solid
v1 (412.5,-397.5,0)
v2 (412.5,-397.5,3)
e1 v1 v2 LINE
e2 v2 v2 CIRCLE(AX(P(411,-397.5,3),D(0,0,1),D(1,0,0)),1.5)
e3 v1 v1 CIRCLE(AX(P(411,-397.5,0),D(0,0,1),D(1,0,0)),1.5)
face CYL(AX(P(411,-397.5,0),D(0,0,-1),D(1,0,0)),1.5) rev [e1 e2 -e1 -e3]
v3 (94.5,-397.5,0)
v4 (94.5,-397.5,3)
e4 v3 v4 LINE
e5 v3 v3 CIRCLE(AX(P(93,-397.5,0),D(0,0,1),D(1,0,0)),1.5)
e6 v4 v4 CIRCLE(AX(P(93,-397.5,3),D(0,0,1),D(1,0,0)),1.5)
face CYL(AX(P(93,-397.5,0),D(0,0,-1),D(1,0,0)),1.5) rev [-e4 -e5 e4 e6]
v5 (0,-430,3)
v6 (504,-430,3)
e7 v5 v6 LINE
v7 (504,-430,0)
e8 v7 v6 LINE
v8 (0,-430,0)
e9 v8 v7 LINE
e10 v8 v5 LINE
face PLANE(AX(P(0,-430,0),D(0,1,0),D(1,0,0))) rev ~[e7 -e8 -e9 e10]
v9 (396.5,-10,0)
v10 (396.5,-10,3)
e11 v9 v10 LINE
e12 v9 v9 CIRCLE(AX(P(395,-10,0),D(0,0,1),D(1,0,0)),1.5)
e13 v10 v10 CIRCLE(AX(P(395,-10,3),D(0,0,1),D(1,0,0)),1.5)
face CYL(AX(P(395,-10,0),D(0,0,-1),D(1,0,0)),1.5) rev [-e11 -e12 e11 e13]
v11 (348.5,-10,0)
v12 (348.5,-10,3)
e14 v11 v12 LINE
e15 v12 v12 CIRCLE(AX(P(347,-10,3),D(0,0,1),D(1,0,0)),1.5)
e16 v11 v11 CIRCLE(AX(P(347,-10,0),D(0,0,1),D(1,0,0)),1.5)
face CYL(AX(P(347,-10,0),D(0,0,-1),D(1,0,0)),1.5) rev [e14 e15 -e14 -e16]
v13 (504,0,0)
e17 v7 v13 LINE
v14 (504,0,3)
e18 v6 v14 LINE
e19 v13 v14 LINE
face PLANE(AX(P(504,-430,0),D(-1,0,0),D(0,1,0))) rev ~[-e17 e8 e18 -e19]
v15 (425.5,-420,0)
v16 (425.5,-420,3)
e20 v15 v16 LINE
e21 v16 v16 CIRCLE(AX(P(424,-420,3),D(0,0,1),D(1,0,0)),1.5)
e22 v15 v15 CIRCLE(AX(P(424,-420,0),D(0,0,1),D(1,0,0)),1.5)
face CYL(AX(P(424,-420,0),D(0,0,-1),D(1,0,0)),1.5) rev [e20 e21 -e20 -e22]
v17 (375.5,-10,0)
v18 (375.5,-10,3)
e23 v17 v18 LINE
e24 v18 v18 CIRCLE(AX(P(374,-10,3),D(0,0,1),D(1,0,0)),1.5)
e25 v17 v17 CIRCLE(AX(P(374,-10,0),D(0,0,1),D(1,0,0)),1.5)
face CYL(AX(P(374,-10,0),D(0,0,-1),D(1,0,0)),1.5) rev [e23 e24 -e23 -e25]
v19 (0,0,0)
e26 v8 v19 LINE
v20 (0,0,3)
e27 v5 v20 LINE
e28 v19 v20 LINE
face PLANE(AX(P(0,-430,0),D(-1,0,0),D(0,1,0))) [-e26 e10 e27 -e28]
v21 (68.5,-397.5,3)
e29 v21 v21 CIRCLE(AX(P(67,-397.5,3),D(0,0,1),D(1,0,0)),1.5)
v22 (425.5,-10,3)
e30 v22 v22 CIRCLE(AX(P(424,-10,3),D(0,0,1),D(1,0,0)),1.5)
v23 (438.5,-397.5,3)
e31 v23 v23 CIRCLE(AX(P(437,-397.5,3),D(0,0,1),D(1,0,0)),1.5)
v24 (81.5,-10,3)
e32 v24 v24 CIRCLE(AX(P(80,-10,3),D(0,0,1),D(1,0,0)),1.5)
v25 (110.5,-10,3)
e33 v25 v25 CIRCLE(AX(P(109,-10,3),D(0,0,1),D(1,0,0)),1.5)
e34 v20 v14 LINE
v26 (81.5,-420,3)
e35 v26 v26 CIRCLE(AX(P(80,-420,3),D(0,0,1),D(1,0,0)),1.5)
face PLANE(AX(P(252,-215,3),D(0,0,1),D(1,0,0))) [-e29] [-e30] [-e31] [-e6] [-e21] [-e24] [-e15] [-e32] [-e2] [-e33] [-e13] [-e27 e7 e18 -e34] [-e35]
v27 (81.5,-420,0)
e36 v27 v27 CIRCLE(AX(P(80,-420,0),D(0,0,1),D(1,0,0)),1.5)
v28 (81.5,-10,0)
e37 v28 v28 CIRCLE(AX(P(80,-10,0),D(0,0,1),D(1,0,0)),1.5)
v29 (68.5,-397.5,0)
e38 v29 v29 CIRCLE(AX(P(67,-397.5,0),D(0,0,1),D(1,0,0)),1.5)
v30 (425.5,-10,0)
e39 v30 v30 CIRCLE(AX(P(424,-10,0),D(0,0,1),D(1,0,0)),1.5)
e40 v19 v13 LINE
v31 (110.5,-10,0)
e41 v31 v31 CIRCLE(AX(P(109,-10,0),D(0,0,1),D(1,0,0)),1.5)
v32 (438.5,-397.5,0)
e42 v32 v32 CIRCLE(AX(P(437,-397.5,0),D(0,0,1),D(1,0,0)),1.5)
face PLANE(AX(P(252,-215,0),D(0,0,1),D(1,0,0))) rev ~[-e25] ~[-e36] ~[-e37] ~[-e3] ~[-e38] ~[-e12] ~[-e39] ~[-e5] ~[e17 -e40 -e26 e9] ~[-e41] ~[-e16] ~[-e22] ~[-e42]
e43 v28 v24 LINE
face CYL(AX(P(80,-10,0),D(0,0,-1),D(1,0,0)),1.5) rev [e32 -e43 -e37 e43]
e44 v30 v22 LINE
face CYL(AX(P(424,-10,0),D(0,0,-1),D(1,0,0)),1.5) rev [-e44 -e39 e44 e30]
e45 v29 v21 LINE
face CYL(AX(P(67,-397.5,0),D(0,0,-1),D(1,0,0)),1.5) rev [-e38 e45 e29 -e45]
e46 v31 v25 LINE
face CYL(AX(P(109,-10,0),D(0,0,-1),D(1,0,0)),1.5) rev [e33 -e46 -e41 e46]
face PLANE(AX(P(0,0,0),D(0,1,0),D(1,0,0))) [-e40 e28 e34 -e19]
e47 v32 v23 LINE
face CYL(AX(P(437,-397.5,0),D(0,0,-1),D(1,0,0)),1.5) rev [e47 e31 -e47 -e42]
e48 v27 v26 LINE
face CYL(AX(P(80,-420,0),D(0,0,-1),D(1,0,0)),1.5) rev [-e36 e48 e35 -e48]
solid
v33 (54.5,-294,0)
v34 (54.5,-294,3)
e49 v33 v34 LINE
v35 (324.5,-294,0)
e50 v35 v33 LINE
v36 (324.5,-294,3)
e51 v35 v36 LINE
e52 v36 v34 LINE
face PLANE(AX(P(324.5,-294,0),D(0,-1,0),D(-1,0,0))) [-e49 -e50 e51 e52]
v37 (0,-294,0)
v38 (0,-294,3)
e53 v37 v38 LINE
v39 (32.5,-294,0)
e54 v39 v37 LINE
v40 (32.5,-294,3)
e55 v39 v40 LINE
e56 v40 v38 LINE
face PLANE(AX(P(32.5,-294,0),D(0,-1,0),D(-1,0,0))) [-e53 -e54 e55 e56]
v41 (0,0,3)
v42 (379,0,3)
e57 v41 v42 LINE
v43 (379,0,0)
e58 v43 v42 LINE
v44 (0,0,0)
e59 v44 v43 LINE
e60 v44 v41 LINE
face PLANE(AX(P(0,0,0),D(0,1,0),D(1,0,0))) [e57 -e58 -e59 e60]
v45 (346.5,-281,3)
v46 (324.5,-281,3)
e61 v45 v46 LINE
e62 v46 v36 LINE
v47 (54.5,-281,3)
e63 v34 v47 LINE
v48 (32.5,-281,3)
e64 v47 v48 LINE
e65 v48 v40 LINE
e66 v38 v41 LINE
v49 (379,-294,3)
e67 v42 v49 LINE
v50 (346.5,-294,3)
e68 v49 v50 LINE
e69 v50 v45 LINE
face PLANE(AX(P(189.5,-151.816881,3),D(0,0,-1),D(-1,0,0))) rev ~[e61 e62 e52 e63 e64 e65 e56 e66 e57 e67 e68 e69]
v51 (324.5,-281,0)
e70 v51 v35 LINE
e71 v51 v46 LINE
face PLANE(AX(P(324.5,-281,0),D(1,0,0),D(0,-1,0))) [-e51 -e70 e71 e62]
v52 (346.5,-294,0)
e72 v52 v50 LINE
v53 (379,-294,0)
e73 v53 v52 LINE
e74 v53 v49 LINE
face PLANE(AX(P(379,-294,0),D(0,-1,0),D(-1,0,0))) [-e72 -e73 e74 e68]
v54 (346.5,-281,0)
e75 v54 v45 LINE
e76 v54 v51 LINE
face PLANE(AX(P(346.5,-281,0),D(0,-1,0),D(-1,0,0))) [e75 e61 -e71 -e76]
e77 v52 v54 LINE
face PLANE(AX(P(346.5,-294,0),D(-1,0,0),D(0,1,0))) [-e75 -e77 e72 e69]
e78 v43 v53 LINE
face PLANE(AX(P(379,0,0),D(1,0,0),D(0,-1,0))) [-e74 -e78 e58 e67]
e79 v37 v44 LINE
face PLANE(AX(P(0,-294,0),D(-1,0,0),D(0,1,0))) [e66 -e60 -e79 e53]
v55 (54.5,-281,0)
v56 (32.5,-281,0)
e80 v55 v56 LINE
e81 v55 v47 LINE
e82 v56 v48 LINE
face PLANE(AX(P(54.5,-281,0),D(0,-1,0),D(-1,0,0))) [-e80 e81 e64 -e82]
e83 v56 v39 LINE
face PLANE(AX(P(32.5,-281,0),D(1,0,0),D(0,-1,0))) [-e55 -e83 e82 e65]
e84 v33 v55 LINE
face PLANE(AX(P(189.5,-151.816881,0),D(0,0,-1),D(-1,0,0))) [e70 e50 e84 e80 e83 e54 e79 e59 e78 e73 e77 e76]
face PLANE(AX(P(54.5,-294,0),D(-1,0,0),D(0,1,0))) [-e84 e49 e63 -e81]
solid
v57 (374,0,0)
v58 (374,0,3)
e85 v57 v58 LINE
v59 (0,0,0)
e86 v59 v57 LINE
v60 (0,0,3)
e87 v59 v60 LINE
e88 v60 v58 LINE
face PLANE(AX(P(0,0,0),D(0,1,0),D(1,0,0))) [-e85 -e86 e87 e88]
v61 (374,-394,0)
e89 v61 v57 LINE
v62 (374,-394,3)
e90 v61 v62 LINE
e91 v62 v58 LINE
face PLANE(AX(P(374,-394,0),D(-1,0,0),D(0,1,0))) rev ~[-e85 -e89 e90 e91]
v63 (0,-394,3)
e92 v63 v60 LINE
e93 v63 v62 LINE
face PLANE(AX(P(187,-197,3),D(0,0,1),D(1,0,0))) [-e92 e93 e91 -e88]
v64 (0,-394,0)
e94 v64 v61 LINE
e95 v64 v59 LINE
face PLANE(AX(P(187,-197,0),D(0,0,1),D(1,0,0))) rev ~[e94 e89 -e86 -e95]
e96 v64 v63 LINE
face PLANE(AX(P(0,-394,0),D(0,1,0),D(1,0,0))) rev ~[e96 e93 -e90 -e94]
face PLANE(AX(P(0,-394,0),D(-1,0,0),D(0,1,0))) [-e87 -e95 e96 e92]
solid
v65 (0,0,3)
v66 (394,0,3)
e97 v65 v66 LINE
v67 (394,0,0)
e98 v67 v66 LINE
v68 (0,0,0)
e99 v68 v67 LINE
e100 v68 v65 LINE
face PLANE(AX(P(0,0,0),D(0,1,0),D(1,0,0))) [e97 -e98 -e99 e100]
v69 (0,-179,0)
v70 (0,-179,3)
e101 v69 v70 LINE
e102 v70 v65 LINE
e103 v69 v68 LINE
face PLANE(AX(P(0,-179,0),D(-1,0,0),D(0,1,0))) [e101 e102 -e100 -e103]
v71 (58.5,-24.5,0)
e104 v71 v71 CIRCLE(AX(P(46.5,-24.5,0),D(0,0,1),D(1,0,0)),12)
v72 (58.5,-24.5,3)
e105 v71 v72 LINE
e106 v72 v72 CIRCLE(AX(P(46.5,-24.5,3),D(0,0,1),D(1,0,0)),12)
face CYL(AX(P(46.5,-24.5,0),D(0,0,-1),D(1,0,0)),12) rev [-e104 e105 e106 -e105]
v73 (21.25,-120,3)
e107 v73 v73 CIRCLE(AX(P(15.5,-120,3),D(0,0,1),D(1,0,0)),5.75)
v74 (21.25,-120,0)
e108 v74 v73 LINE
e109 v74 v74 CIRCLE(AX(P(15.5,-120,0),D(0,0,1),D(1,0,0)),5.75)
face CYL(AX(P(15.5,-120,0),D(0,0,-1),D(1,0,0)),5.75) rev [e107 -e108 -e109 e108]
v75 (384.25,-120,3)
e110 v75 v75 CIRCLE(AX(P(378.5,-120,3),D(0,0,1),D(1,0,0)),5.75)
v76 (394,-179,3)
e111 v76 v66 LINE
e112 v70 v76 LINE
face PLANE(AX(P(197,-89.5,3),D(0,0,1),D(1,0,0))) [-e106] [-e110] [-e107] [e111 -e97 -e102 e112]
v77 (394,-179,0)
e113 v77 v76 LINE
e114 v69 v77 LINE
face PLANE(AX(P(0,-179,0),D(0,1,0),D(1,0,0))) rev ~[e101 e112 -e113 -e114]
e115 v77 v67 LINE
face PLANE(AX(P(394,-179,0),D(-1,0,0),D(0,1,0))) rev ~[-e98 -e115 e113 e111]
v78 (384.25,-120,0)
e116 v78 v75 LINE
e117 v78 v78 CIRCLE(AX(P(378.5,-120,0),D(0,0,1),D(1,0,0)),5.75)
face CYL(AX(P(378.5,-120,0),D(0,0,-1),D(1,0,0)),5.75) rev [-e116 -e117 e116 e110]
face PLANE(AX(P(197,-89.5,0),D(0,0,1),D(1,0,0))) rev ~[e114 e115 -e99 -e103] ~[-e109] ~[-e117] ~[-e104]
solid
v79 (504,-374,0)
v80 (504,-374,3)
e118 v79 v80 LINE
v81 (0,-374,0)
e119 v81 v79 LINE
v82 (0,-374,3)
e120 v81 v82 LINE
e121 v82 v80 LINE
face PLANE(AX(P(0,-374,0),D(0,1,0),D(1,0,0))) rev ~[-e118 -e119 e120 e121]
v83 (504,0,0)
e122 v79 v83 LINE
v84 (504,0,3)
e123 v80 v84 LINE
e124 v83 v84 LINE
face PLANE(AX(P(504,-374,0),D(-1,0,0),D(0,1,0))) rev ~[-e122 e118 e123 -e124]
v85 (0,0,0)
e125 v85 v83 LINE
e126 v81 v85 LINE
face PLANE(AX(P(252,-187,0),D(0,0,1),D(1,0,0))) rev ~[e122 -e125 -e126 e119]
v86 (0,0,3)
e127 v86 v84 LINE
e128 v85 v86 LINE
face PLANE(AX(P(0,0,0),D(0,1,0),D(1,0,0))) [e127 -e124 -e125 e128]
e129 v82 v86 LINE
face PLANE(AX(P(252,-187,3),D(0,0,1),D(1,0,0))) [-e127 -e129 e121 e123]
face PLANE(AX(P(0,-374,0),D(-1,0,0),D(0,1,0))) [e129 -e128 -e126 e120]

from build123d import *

# Parameters (mm, degrees)
SKETCH_W     = 394
SKETCH_H     = 179
SKETCH_R     = 5.75
SKETCH_R_2   = 12
PAD_DEPTH    = 3
PAD001_DEPTH = 3
SKETCH002_W  = 374
SKETCH002_H  = 394
PAD002_DEPTH = 3
SKETCH003_W  = 504
SKETCH003_H  = 374
PAD004_DEPTH = 3
SKETCH004_W  = 504
SKETCH004_H  = 430
SKETCH004_R  = 1.5
PAD003_DEPTH = 3


with BuildPart() as rear_top:
    # Sketch → Pad (new body)
    with BuildSketch(Plane.XY):
        with Locations((197, -89.5)):
            Rectangle(SKETCH_W, SKETCH_H)
        with Locations((15.5, -120)):
            Circle(SKETCH_R, mode=Mode.SUBTRACT)
        with Locations((378.5, -120)):
            Circle(SKETCH_R, mode=Mode.SUBTRACT)
        with Locations((46.5, -24.5)):
            Circle(SKETCH_R_2, mode=Mode.SUBTRACT)
    extrude(amount=PAD_DEPTH)


with BuildPart() as rear_bottom:
    # Sketch001 → Pad001 (new body)
    with BuildSketch(Plane.XY):
        Polygon((0, 0), (379, 0), (379, -294), (346.5, -294), (346.5, -281), (324.5, -281), (324.5, -294), (54.5, -294), (54.5, -281), (32.5, -281), (32.5, -294), (0, -294), align=None)
    extrude(amount=PAD001_DEPTH)


with BuildPart() as top:
    # Sketch002 → Pad002 (new body)
    with BuildSketch(Plane.XY):
        with Locations((187, -197)):
            Rectangle(SKETCH002_W, SKETCH002_H)
    extrude(amount=PAD002_DEPTH)


with BuildPart() as side:
    # Sketch003 → Pad004 (new body)
    with BuildSketch(Plane.XY):
        with Locations((252, -187)):
            Rectangle(SKETCH003_W, SKETCH003_H)
    extrude(amount=PAD004_DEPTH)


with BuildPart() as front:
    # Sketch004 → Pad003 (new body)
    with BuildSketch(Plane.XY):
        with Locations((252, -215)):
            Rectangle(SKETCH004_W, SKETCH004_H)
        with Locations((80, -10)):
            Circle(SKETCH004_R, mode=Mode.SUBTRACT)
        with Locations((109, -10)):
            Circle(SKETCH004_R, mode=Mode.SUBTRACT)
        with Locations((347, -10)):
            Circle(SKETCH004_R, mode=Mode.SUBTRACT)
        with Locations((374, -10)):
            Circle(SKETCH004_R, mode=Mode.SUBTRACT)
        with Locations((395, -10)):
            Circle(SKETCH004_R, mode=Mode.SUBTRACT)
        with Locations((424, -10)):
            Circle(SKETCH004_R, mode=Mode.SUBTRACT)
        with Locations((67, -397.5)):
            Circle(SKETCH004_R, mode=Mode.SUBTRACT)
        with Locations((80, -420)):
            Circle(SKETCH004_R, mode=Mode.SUBTRACT)
        with Locations((93, -397.5)):
            Circle(SKETCH004_R, mode=Mode.SUBTRACT)
        with Locations((437, -397.5)):
            Circle(SKETCH004_R, mode=Mode.SUBTRACT)
        with Locations((411, -397.5)):
            Circle(SKETCH004_R, mode=Mode.SUBTRACT)
        with Locations((424, -420)):
            Circle(SKETCH004_R, mode=Mode.SUBTRACT)
    extrude(amount=PAD003_DEPTH)


solid = Compound([rear_top.part, rear_bottom.part, top.part, side.part, front.part])
